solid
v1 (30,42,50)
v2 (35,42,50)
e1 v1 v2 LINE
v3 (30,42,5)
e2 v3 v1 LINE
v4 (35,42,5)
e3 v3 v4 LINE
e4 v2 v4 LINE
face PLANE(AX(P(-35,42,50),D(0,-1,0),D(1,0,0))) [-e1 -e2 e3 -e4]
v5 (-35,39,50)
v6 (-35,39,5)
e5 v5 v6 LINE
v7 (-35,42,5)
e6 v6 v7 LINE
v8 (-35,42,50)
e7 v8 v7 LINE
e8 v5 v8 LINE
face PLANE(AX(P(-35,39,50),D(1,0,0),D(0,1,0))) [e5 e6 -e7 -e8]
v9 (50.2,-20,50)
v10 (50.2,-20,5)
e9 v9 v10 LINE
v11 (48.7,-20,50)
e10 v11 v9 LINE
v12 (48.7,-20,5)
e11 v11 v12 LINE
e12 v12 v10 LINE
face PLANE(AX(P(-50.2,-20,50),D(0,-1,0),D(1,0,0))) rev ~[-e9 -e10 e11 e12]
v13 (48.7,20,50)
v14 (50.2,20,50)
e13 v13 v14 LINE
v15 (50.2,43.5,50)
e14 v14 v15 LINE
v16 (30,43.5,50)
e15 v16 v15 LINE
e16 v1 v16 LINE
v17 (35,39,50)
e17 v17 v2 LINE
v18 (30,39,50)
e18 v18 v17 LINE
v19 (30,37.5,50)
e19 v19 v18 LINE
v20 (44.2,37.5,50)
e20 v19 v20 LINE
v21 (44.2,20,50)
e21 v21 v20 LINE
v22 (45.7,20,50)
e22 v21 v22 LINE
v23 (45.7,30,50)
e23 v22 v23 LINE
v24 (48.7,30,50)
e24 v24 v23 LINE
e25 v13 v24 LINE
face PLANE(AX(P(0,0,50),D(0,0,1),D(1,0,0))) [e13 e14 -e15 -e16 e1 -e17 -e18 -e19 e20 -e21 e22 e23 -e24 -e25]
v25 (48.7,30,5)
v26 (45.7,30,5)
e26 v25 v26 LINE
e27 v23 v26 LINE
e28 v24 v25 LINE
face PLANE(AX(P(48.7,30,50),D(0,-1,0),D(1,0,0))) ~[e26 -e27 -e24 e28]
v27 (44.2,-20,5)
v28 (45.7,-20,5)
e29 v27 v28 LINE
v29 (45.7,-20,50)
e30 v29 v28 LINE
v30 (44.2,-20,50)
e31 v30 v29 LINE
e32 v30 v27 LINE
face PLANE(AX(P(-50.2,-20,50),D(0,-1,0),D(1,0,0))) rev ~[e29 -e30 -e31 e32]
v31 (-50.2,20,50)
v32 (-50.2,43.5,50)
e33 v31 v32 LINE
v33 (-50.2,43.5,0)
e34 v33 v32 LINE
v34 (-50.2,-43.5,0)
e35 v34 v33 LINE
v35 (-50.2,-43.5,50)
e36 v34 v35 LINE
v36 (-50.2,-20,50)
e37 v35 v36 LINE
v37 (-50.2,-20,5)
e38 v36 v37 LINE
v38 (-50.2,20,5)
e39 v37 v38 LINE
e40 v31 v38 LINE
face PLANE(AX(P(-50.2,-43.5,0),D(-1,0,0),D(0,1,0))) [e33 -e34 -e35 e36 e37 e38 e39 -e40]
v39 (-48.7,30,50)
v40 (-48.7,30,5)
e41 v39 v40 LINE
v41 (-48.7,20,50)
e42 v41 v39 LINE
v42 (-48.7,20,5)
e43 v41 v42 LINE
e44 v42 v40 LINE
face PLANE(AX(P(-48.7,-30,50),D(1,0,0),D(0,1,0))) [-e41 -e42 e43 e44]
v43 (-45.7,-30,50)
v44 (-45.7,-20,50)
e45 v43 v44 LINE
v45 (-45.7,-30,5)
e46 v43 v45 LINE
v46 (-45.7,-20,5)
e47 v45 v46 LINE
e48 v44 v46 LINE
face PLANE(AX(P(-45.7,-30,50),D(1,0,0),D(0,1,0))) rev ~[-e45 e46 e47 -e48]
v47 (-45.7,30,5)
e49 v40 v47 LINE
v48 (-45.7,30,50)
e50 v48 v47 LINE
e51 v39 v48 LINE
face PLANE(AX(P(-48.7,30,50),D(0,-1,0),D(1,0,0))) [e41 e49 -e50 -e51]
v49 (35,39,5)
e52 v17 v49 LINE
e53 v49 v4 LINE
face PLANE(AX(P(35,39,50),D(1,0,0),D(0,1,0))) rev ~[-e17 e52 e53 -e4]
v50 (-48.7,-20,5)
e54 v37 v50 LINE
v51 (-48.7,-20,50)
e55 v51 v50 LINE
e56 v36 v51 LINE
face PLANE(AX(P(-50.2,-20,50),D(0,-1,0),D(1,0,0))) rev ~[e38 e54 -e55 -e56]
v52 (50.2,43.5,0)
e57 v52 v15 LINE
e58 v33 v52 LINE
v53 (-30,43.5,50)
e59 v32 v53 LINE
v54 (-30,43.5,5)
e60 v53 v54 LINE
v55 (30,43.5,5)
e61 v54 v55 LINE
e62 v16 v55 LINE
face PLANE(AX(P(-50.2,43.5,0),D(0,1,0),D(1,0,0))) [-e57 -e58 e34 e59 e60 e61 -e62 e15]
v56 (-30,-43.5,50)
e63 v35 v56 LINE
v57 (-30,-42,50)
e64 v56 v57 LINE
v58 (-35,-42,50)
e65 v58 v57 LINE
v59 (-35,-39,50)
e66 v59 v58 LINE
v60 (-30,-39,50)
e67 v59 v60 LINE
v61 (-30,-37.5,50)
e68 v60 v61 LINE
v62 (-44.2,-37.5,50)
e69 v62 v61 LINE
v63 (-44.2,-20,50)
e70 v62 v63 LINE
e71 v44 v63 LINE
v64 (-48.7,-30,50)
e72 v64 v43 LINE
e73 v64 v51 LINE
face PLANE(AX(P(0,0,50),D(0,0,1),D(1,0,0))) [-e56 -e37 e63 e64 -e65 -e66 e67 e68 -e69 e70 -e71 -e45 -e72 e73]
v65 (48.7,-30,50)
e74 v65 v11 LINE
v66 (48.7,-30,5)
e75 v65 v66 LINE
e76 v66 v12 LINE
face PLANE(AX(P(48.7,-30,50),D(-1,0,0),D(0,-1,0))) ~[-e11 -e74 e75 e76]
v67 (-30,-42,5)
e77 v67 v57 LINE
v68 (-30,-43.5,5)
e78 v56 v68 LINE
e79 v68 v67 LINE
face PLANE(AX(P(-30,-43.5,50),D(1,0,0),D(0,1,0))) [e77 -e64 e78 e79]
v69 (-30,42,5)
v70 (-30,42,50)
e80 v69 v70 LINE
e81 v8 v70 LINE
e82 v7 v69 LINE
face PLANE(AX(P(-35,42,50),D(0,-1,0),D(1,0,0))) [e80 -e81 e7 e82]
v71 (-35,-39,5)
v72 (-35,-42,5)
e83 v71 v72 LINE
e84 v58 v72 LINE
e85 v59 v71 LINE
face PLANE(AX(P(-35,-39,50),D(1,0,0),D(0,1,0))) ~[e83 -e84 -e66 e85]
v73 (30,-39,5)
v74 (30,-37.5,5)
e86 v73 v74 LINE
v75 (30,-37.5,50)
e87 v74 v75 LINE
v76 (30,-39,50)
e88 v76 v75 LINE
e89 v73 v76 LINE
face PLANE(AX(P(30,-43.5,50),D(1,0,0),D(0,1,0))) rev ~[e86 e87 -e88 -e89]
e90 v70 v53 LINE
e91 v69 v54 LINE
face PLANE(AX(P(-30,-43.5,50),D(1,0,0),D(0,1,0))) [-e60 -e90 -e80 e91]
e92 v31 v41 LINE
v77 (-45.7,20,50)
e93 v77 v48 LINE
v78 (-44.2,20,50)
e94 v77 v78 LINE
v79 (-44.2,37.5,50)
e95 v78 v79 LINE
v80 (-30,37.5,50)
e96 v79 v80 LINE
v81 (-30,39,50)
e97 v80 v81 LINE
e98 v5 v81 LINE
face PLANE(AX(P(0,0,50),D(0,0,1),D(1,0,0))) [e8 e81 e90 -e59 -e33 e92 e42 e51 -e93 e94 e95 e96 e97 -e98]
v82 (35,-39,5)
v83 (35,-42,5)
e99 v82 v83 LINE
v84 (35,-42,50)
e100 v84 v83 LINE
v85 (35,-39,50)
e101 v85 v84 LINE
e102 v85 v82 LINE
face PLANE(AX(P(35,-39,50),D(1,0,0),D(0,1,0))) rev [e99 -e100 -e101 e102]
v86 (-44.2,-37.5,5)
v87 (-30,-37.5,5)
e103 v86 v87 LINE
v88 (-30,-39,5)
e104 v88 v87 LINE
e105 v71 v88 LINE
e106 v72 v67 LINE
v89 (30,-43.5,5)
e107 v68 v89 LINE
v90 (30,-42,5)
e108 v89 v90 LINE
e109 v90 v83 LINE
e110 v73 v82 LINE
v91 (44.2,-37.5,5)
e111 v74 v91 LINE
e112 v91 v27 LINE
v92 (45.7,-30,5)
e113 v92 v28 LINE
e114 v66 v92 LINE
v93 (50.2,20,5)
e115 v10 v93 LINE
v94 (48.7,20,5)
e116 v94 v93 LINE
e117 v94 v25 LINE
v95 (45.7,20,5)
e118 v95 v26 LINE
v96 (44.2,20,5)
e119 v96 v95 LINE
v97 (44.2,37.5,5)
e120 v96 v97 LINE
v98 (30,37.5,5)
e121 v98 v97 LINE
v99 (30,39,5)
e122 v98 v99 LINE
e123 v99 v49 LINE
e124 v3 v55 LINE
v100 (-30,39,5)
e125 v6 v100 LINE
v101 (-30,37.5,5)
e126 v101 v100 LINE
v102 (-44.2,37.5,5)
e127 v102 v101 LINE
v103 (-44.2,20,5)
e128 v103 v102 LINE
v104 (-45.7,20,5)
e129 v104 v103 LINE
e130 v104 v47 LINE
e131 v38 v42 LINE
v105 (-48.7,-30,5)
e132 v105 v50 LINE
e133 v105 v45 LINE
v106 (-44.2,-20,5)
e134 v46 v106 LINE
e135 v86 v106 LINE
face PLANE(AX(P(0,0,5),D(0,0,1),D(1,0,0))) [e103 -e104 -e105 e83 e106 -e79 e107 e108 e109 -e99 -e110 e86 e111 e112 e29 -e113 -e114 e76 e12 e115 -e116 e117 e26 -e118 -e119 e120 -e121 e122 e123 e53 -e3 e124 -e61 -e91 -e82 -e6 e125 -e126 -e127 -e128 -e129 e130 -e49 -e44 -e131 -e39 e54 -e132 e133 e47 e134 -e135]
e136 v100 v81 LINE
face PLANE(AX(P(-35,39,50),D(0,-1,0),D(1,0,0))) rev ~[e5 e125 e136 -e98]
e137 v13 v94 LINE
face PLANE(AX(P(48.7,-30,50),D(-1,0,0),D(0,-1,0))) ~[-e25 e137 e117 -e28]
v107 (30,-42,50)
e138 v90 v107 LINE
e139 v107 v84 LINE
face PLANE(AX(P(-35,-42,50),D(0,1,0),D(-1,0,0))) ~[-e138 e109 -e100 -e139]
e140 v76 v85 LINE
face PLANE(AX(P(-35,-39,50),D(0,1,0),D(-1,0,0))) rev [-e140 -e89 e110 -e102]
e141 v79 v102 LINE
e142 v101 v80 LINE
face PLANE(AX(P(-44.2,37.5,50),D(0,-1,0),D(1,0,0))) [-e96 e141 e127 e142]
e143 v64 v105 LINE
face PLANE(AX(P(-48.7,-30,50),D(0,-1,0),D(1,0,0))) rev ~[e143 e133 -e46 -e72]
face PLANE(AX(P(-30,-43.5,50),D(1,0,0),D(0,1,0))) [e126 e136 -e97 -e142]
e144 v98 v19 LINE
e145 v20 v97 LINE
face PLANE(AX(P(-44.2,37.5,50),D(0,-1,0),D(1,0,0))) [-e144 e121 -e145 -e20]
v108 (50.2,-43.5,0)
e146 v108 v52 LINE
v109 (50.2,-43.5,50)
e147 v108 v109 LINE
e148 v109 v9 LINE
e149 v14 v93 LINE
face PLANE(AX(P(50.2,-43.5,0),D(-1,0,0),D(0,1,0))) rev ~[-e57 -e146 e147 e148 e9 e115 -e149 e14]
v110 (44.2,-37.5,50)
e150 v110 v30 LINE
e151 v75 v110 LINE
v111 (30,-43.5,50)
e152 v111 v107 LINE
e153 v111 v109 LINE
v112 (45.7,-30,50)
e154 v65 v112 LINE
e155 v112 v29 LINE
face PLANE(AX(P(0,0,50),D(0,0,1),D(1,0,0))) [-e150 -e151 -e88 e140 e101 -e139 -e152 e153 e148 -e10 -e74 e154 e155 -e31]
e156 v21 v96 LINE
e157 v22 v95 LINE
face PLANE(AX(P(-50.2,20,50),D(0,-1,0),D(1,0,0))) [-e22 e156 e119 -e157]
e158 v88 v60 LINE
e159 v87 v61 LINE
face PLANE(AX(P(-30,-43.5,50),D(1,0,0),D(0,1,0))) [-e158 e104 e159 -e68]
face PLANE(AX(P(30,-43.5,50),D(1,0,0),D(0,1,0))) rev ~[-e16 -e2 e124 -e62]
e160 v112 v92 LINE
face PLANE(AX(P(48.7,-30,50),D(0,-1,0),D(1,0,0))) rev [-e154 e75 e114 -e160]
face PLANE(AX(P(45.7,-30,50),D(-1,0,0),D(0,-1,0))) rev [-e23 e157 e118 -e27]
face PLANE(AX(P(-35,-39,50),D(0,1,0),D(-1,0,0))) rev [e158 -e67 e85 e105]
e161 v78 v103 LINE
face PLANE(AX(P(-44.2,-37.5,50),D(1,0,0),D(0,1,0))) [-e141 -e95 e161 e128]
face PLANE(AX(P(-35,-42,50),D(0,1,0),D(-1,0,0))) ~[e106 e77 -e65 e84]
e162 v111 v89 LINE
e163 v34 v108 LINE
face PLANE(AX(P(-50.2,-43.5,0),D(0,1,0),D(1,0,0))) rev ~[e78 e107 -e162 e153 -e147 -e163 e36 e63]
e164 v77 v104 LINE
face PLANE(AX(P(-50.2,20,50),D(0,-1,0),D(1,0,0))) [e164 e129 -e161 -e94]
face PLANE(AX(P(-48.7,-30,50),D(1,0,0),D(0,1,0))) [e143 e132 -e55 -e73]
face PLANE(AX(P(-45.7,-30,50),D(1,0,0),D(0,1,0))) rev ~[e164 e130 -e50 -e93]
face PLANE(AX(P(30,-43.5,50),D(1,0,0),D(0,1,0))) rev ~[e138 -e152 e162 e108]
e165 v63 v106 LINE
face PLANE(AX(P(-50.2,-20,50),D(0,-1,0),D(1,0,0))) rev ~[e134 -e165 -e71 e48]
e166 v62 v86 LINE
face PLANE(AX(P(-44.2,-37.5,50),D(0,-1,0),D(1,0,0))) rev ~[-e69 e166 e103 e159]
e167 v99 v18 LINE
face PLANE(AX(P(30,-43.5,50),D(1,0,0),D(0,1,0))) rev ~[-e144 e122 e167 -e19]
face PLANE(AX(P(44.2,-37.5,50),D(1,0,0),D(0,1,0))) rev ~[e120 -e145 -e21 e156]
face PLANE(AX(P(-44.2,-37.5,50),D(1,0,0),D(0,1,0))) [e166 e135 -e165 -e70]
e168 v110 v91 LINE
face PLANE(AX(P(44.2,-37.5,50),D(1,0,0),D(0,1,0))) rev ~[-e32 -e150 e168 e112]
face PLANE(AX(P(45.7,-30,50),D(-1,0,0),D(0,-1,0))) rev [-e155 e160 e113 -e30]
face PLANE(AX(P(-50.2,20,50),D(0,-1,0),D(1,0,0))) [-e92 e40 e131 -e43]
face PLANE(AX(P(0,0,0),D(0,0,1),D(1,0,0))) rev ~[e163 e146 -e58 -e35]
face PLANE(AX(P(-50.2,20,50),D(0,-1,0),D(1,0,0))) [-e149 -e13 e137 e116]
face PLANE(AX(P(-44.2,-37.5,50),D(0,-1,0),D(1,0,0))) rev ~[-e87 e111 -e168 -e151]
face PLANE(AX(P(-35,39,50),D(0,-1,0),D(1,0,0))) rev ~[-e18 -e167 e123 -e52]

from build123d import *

# Parameters (mm, degrees)
ESQUISSE1_W             = 100.4
ESQUISSE1_H             = 87
BOSS_EXTRU_1_DEPTH      = 50
ESQUISSE3_W             = 88.4
ESQUISSE3_H             = 75
ENL_V_MAT_EXTRU_1_DEPTH = 45
ESQUISSE5_W             = 3
ESQUISSE5_H             = 60
ENL_V_MAT_EXTRU_2_DEPTH = 45
ESQUISSE7_W             = 70
ESQUISSE7_H             = 3
ENL_V_MAT_EXTRU_3_DEPTH = 45
ESQUISSE8_W             = 100.4
ESQUISSE8_H             = 40
ENL_V_MAT_EXTRU_4_DEPTH = 45
ESQUISSE9_W             = 60
ESQUISSE9_H             = 87
ENL_V_MAT_EXTRU_5_DEPTH = 45


with BuildPart() as part:
    # Esquisse1 → Boss.-Extru.1 (new body)
    with BuildSketch(Plane.XY):
        Rectangle(ESQUISSE1_W, ESQUISSE1_H)
    extrude(amount=BOSS_EXTRU_1_DEPTH)

    # Esquisse3 → Enlèv. mat.-Extru.1 (cut)
    with BuildSketch(Plane.XY.offset(50)):
        Rectangle(ESQUISSE3_W, ESQUISSE3_H)
    extrude(amount=-ENL_V_MAT_EXTRU_1_DEPTH, mode=Mode.SUBTRACT)

    # Esquisse5 → Enlèv. mat.-Extru.2 (cut)
    with BuildSketch(Plane.XY.offset(50)):
        with Locations((-47.2, 0)):
            Rectangle(ESQUISSE5_W, ESQUISSE5_H)
    enl_v_mat_extru_2 = extrude(amount=-ENL_V_MAT_EXTRU_2_DEPTH, mode=Mode.SUBTRACT)

    # Symétrie1: Enlèv. mat.-Extru.2 across plane
    add(enl_v_mat_extru_2.mirror(Plane(origin=(0, 0, 0), x_dir=(0, 0, 1), z_dir=(1, 0, 0))), mode=Mode.SUBTRACT)

    # Esquisse7 → Enlèv. mat.-Extru.3 (cut)
    with BuildSketch(Plane.XY.offset(50)):
        with Locations((0, 40.5)):
            Rectangle(ESQUISSE7_W, ESQUISSE7_H)
    enl_v_mat_extru_3 = extrude(amount=-ENL_V_MAT_EXTRU_3_DEPTH, mode=Mode.SUBTRACT)

    # Symétrie2: Enlèv. mat.-Extru.3 across plane
    add(enl_v_mat_extru_3.mirror(Plane.ZX), mode=Mode.SUBTRACT)

    # Esquisse8 → Enlèv. mat.-Extru.4 (cut)
    with BuildSketch(Plane.XY.offset(50)):
        Rectangle(ESQUISSE8_W, ESQUISSE8_H)
    extrude(amount=-ENL_V_MAT_EXTRU_4_DEPTH, mode=Mode.SUBTRACT)

    # Esquisse9 → Enlèv. mat.-Extru.5 (cut)
    with BuildSketch(Plane.XY.offset(50)):
        Rectangle(ESQUISSE9_W, ESQUISSE9_H)
    extrude(amount=-ENL_V_MAT_EXTRU_5_DEPTH, mode=Mode.SUBTRACT)


solid = part.part
